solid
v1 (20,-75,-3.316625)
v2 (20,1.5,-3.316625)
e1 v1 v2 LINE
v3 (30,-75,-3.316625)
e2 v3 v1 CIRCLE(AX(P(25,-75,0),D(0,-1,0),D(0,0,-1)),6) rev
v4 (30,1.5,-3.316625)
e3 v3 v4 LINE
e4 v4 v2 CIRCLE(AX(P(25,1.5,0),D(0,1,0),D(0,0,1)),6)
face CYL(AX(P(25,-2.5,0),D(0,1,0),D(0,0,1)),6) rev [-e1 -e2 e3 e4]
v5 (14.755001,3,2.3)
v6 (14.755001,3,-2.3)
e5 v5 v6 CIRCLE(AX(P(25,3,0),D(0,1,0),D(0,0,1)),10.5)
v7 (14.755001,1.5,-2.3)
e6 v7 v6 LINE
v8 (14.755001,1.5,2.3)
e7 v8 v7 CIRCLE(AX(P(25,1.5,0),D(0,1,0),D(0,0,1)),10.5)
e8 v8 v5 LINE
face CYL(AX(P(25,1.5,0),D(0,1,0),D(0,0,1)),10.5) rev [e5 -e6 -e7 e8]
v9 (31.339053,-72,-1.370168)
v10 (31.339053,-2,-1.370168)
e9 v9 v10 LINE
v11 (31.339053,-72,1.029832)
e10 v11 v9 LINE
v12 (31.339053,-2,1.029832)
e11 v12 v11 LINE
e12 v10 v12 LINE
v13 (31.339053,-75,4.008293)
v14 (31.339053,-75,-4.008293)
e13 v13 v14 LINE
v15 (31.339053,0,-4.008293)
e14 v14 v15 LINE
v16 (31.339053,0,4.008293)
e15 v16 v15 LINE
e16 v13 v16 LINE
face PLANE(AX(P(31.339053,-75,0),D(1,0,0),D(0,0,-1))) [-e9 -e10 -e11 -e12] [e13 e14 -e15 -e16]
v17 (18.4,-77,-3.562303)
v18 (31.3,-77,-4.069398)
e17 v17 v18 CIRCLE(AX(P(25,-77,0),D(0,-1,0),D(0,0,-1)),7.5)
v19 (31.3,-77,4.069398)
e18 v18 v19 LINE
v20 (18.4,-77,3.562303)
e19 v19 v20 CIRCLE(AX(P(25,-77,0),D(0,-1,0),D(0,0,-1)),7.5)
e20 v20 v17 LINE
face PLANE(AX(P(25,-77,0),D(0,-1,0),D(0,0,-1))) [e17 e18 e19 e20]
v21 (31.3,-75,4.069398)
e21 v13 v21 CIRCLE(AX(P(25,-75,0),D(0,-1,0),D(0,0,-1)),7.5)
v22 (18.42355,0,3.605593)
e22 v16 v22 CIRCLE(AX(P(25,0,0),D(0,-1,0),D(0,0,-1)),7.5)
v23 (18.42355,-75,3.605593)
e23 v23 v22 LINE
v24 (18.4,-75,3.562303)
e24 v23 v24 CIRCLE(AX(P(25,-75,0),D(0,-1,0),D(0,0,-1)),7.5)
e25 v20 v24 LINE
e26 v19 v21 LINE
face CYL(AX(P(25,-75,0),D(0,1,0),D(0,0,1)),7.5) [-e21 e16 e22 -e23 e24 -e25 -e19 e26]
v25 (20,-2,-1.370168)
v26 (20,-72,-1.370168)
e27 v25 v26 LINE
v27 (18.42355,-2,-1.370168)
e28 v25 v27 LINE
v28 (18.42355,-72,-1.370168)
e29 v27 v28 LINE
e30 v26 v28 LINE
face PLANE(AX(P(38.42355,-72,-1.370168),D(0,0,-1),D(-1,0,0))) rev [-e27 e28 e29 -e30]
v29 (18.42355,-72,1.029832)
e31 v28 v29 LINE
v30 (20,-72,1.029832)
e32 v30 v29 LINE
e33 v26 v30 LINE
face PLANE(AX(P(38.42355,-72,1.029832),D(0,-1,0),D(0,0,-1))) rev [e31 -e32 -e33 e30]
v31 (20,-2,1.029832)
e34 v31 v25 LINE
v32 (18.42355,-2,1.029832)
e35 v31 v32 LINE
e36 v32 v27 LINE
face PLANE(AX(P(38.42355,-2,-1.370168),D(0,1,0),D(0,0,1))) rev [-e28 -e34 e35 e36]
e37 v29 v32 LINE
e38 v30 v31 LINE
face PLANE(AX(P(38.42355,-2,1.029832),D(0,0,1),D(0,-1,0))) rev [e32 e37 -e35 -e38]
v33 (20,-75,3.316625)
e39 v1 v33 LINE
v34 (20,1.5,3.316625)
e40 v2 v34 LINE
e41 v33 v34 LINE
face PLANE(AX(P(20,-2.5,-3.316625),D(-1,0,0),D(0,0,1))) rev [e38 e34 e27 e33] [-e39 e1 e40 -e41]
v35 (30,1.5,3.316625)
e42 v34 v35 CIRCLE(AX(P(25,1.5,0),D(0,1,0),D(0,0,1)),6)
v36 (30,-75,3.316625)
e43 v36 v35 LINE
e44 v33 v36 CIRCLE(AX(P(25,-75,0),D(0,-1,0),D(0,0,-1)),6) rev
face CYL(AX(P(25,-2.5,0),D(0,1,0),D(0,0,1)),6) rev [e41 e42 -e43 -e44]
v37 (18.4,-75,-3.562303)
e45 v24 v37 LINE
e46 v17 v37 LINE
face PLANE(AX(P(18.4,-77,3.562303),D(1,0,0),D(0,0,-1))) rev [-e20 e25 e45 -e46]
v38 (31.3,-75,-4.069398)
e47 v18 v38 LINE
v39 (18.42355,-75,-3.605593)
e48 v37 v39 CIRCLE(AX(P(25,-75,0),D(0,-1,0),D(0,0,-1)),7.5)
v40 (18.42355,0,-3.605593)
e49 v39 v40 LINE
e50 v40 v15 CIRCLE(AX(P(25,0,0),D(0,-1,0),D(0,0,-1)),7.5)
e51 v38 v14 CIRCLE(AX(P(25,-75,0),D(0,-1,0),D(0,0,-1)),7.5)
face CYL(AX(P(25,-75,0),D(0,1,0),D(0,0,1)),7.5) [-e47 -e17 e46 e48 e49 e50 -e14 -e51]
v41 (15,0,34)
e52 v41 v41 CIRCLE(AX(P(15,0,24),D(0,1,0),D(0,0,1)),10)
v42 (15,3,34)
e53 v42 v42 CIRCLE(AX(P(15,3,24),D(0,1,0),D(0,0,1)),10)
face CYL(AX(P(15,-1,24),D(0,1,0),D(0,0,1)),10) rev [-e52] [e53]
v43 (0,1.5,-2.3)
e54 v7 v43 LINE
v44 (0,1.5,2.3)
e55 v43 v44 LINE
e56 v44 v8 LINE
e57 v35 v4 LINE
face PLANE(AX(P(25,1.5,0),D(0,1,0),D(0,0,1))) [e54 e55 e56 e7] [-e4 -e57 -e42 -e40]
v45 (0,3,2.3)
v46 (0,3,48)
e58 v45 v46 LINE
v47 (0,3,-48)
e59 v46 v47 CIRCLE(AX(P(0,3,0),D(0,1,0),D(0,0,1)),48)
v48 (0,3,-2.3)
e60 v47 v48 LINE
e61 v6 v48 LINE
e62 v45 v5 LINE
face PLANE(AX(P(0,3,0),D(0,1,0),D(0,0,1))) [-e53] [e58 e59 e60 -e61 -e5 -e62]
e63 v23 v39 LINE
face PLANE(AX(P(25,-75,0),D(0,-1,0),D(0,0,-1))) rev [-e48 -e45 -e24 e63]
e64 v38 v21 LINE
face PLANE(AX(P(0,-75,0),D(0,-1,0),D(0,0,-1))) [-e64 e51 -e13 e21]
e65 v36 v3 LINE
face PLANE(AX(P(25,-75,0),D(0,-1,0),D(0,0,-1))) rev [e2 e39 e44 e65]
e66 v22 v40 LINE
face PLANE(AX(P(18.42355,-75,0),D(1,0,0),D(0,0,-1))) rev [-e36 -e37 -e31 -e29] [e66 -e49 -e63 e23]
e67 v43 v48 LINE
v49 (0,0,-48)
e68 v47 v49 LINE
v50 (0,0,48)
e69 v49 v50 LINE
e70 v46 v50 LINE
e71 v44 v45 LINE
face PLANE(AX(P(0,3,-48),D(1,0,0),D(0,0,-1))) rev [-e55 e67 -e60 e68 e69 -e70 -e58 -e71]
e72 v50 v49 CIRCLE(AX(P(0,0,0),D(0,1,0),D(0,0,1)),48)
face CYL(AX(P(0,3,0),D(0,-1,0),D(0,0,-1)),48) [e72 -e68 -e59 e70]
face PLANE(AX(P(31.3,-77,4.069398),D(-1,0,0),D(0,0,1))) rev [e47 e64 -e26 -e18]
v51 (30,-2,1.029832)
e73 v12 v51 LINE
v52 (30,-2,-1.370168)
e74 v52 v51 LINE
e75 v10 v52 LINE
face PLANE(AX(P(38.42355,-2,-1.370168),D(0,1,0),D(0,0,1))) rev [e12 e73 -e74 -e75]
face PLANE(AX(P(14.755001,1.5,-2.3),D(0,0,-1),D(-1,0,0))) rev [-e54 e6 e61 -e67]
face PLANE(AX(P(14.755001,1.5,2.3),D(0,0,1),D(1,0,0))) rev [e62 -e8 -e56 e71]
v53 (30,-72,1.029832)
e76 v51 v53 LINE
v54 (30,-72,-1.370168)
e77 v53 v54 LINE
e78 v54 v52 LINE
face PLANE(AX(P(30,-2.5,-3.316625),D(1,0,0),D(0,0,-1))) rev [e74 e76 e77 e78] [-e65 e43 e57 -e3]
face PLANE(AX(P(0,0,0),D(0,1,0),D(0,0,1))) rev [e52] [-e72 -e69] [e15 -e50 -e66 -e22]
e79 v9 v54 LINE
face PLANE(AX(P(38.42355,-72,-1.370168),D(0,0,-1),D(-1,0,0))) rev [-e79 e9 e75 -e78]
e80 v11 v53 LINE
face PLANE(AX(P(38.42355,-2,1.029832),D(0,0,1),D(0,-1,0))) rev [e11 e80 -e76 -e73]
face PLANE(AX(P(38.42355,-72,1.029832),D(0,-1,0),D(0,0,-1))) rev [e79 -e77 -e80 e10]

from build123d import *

# Parameters (mm, degrees)
BOSS_EXTRUDE2_DEPTH = 3
CUT_EXTRUDE1_DEPTH  = 1.5
CUT_EXTRUDE4_DEPTH  = 4
BOSS_EXTRUDE4_DEPTH = 75
BOSS_EXTRUDE6_DEPTH = 2
SKETCH9_W           = 2.4
SKETCH9_H           = 70
CUT_EXTRUDE5_DEPTH  = 20
SKETCH11_R          = 10
CUT_EXTRUDE6_DEPTH  = 4


with BuildPart() as part:
    # Sketch2 → Boss-Extrude2 (new body)
    with BuildSketch(Plane(origin=(0, 0, 0), x_dir=(1, 0, 0), z_dir=(0, 1, 0))):
        with BuildLine():
            Line((0, 48), (0, -48))
            ThreePointArc((0, -48), (48, 0), (0, 48))
        make_face()
    extrude(amount=BOSS_EXTRUDE2_DEPTH)

    # Sketch3 → Cut-Extrude1 (cut)
    with BuildSketch(Plane(origin=(0, 3, 0), x_dir=(1, 0, 0), z_dir=(0, 1, 0))):
        with BuildLine():
            Line((14.75500122, 2.3), (0, 2.3))
            Line((0, 2.3), (0, -2.3))
            Line((0, -2.3), (14.75500122, -2.3))
            ThreePointArc((14.75500122, -2.3), (35.5, 0), (14.75500122, 2.3))
        make_face()
    extrude(amount=-CUT_EXTRUDE1_DEPTH, mode=Mode.SUBTRACT)

    # Sketch4 → Cut-Extrude4 (cut)
    with BuildSketch(Plane(origin=(0, 1.5, 0), x_dir=(1, 0, 0), z_dir=(0, 1, 0))):
        with BuildLine():
            Line((20, 3.31662479), (20, -3.31662479))
            ThreePointArc((20, -3.31662479), (25, -6), (30, -3.31662479))
            Line((30, -3.31662479), (30, 3.31662479))
            ThreePointArc((30, 3.31662479), (25, 6), (20, 3.31662479))
        make_face()
    extrude(amount=-CUT_EXTRUDE4_DEPTH, mode=Mode.SUBTRACT)

    # Sketch6 → Boss-Extrude4 (add)
    with BuildSketch(Plane.XZ):
        with BuildLine():
            Line((18.423549772, 3.60559321), (18.423549772, -3.60559321))
            ThreePointArc((18.423549772, -3.60559321), (24.766267094, -7.496357044), (31.339052831, -4.008292554))
            Line((31.339052831, -4.008292554), (31.339052831, 4.008292554))
            ThreePointArc((31.339052831, 4.008292554), (24.766267094, 7.496357044), (18.423549772, 3.60559321))
        make_face()
        with BuildLine():
            Line((20, 3.31662479), (20, -3.31662479))
            ThreePointArc((20, -3.31662479), (25, -6), (30, -3.31662479))
            Line((30, -3.31662479), (30, 3.31662479))
            ThreePointArc((30, 3.31662479), (25, 6), (20, 3.31662479))
        make_face(mode=Mode.SUBTRACT)
    extrude(amount=BOSS_EXTRUDE4_DEPTH)

    # Sketch8 → Boss-Extrude6 (add)
    with BuildSketch(Plane.XZ.offset(75)):
        with BuildLine():
            Line((18.4, 3.562302626), (18.4, -3.562302626))
            ThreePointArc((18.4, -3.562302626), (24.705404639, -7.494212005), (31.3, -4.06939799))
            Line((31.3, -4.06939799), (31.3, 4.06939799))
            ThreePointArc((31.3, 4.06939799), (24.705404639, 7.494212005), (18.4, 3.562302626))
        make_face()
    extrude(amount=BOSS_EXTRUDE6_DEPTH)

    # Sketch9 → Cut-Extrude5 (cut)
    with BuildSketch(Plane.ZY.offset(-18.423549772)):
        with Locations((-0.170167771, -37)):
            Rectangle(SKETCH9_W, SKETCH9_H)
    extrude(amount=-CUT_EXTRUDE5_DEPTH, mode=Mode.SUBTRACT)

    # Sketch11 → Cut-Extrude6 (cut)
    with BuildSketch(Plane(origin=(0, 3, 0), x_dir=(1, 0, 0), z_dir=(0, 1, 0))):
        with Locations((15, -24)):
            Circle(SKETCH11_R)
    extrude(amount=-CUT_EXTRUDE6_DEPTH, mode=Mode.SUBTRACT)


solid = part.part
